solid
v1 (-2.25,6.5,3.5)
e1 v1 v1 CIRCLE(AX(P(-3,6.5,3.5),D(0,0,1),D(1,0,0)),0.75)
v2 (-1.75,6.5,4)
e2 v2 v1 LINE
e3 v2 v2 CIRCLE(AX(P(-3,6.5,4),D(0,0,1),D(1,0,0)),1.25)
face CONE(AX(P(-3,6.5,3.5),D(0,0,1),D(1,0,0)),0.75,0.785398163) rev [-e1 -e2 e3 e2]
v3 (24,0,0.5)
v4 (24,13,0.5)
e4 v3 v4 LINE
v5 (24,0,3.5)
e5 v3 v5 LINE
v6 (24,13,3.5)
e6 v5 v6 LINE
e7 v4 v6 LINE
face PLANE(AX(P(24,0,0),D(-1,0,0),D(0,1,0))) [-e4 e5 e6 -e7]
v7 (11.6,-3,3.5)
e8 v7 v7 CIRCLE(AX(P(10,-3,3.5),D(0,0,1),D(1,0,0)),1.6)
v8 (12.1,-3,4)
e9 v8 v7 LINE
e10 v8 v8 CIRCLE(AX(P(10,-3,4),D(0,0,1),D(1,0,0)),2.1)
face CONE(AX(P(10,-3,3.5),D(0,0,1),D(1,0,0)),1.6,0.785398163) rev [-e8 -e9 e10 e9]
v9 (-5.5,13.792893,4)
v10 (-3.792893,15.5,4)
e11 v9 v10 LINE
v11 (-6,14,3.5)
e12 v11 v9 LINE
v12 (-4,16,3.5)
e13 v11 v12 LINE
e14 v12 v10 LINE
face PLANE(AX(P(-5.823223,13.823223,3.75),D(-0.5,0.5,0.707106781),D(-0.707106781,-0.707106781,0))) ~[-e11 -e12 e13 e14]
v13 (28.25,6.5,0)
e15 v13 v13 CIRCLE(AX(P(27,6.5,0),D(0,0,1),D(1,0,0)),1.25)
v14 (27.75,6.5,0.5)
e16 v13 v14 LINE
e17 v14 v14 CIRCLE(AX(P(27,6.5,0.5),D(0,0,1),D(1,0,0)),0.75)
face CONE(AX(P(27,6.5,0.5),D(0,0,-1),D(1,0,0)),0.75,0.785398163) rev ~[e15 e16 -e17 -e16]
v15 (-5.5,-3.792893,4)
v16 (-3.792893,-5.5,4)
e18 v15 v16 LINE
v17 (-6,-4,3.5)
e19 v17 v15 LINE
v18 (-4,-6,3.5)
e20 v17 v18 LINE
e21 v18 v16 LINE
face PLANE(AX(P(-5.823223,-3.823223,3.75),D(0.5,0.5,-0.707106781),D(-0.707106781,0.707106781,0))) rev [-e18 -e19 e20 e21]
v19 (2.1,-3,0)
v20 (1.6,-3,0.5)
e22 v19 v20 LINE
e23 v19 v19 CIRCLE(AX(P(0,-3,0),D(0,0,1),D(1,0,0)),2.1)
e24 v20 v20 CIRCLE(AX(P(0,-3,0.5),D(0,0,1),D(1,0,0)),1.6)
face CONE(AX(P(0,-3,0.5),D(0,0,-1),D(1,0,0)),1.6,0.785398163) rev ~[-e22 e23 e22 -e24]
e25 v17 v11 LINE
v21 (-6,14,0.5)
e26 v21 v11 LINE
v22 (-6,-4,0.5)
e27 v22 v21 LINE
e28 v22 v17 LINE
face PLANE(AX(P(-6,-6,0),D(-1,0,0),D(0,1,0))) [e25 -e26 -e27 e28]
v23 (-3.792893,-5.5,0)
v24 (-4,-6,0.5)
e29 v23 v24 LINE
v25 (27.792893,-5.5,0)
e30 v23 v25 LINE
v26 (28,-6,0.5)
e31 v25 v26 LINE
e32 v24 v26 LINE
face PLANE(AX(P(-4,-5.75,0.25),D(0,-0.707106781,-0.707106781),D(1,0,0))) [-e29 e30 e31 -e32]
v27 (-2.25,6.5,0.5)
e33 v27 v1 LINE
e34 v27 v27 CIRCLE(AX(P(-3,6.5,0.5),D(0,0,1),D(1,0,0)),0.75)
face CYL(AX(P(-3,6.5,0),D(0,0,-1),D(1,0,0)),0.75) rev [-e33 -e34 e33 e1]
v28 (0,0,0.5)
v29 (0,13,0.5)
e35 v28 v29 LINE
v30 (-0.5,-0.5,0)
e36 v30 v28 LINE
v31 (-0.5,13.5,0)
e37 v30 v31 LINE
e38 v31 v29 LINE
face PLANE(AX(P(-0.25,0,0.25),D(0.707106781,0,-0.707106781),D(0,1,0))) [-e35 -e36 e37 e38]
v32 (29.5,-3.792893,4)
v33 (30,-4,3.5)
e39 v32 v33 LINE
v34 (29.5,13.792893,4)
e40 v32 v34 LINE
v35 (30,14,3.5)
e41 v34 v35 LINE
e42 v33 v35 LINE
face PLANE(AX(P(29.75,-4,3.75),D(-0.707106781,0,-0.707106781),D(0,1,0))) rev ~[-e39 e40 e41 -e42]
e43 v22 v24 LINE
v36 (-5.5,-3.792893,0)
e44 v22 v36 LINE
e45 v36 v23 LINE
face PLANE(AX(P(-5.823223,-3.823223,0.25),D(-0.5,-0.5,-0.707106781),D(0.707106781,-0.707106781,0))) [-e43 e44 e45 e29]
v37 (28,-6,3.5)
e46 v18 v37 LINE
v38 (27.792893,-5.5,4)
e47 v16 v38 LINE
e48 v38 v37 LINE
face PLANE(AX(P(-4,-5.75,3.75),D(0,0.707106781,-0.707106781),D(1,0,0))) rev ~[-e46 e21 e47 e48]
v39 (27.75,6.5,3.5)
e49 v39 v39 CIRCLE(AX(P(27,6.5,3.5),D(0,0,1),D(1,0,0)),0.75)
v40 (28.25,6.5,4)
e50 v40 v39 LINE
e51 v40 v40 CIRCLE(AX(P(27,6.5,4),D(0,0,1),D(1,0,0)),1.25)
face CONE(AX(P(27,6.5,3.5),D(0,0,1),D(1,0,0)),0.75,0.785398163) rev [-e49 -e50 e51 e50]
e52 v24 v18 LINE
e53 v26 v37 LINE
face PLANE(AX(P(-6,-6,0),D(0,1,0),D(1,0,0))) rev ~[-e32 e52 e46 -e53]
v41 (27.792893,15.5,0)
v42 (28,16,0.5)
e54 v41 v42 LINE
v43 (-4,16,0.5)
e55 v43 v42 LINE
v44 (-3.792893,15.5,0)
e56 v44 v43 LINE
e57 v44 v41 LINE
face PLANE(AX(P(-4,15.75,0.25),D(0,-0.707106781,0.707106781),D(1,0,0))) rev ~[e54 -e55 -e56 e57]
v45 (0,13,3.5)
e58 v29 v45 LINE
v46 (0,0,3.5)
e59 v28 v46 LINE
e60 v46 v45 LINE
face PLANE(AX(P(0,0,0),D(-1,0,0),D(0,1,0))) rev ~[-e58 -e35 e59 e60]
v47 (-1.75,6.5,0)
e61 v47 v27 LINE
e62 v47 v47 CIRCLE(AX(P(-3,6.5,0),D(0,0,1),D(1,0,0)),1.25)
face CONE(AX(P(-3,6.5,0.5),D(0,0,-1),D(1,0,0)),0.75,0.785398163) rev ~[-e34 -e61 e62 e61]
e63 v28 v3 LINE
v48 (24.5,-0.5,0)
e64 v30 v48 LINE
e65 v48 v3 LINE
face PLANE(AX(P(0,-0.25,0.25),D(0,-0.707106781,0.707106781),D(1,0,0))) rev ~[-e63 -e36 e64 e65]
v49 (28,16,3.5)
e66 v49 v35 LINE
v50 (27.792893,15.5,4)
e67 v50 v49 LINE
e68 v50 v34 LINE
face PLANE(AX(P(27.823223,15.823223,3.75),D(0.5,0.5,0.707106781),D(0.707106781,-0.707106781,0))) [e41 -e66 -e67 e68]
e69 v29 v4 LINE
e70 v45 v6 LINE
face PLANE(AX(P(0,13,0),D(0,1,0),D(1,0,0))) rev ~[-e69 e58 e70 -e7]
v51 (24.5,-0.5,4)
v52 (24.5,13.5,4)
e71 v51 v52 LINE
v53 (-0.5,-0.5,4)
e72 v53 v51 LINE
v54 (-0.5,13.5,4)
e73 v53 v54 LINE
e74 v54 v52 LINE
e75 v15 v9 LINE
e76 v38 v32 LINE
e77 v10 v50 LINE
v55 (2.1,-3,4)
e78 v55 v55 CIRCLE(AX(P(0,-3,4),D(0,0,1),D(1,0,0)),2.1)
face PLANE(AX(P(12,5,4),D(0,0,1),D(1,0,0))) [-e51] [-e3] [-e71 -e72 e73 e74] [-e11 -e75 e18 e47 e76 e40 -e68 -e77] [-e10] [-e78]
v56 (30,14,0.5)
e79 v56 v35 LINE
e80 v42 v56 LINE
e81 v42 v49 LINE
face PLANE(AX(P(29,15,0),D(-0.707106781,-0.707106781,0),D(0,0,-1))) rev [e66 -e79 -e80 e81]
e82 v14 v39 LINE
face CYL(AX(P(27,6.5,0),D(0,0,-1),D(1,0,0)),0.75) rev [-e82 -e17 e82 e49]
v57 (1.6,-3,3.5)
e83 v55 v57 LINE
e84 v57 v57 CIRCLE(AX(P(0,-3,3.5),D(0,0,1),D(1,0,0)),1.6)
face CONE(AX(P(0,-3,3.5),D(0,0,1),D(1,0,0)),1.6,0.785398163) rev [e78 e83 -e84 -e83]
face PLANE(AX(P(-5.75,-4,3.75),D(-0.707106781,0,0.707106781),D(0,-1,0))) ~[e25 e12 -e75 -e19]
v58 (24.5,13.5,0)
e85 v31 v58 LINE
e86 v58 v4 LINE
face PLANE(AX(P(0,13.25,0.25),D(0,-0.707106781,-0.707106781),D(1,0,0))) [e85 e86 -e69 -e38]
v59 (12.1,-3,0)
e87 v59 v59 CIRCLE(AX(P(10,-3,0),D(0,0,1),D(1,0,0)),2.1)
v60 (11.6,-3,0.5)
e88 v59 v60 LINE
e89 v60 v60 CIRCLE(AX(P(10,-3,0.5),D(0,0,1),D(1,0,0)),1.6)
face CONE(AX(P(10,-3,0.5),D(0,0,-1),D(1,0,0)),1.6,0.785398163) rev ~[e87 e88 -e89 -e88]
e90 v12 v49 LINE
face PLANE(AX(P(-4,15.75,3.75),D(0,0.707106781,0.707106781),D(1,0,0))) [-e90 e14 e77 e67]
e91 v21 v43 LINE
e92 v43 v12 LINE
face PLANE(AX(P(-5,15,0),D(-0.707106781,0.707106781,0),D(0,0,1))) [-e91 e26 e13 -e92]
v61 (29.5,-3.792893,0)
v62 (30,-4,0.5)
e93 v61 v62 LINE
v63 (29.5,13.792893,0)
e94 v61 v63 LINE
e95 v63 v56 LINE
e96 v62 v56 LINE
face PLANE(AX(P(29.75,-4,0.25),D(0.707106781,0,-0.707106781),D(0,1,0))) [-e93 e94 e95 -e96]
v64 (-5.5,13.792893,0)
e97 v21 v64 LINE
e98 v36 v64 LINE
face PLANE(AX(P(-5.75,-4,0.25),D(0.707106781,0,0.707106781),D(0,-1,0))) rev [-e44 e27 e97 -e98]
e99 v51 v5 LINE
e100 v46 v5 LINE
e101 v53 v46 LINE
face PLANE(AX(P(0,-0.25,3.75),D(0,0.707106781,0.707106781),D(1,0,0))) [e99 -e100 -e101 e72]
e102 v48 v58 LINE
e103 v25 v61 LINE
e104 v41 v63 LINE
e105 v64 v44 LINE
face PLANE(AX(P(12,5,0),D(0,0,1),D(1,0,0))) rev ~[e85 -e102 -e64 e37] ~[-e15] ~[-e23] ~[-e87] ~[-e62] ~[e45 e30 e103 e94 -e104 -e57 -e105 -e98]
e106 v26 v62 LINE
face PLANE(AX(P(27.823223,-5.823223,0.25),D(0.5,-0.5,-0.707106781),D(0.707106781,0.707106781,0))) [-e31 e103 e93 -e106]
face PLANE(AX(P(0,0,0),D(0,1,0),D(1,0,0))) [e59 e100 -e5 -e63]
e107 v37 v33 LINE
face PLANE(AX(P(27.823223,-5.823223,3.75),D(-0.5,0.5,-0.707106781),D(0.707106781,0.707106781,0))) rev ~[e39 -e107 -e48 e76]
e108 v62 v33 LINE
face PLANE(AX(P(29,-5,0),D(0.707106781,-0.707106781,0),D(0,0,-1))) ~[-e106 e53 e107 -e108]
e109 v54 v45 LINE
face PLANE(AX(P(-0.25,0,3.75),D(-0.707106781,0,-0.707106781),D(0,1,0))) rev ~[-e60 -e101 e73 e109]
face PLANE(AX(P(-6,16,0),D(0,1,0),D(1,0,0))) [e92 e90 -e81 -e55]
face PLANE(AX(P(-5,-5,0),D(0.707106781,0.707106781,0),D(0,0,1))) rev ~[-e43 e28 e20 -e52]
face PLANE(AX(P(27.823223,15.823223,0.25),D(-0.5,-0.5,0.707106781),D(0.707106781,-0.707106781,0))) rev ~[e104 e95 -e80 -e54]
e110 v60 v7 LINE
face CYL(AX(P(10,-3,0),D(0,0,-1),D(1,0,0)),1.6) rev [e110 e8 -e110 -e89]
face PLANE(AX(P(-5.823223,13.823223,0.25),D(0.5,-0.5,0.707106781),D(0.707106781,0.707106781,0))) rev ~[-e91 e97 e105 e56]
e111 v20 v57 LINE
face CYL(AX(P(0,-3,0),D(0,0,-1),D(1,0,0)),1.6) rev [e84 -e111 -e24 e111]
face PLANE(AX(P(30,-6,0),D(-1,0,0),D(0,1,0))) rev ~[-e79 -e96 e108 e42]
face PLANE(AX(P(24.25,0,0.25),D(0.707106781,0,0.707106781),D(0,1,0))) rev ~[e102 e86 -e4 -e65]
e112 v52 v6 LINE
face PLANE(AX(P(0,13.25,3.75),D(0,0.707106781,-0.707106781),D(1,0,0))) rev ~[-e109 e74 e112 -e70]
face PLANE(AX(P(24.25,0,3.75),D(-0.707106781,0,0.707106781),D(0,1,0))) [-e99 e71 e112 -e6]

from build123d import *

# Parameters (mm, degrees)
F0_W     = 36
F0_H     = 22
F0_R     = 1.6
F0_R_2   = 0.75
F0_W_2   = 24
F0_H_2   = 13
F1_DEPTH = 4
F2_SIZE  = 2
F3_SIZE  = 0.5


with BuildPart() as f1:
    # F0 (on Top) → F1 (new body)
    with BuildSketch(Plane.XY):
        with Locations((12, 5)):
            Rectangle(F0_W, F0_H)
        with Locations((0, -3)):
            Circle(F0_R, mode=Mode.SUBTRACT)
        with Locations((10, -3)):
            Circle(F0_R, mode=Mode.SUBTRACT)
        with Locations((-3, 6.5)):
            Circle(F0_R_2, mode=Mode.SUBTRACT)
        with Locations((12, 6.5)):
            Rectangle(F0_W_2, F0_H_2, mode=Mode.SUBTRACT)
        with Locations((27, 6.5)):
            Circle(F0_R_2, mode=Mode.SUBTRACT)
    extrude(amount=F1_DEPTH)

    # F2
    f2_edges = [f1.edges().sort_by_distance(p)[0] for p in [
        (-6, -6, 2),
        (30, -6, 2),
        (30, 16, 2),
        (-6, 16, 2),
    ]]
    chamfer(f2_edges, length=F2_SIZE)

    # F3
    f3_edges = [f1.edges().sort_by_distance(p)[0] for p in [
        (-6, 5, 0),
        (-5, 15, 0),
        (-5, -5, 0),
        (12, 16, 0),
        (12, -6, 0),
        (29, 15, 0),
        (29, -5, 0),
        (30, 5, 0),
        (-1.6, -3, 0),
        (8.4, -3, 0),
        (-3.75, 6.5, 0),
        (12, 0, 0),
        (0, 6.5, 0),
        (12, 13, 0),
        (24, 6.5, 0),
        (26.25, 6.5, 0),
        (-6, 5, 4),
        (-5, 15, 4),
        (-5, -5, 4),
        (12, 16, 4),
        (12, -6, 4),
        (29, 15, 4),
        (29, -5, 4),
        (30, 5, 4),
        (-1.6, -3, 4),
        (8.4, -3, 4),
        (-3.75, 6.5, 4),
        (12, 0, 4),
        (0, 6.5, 4),
        (12, 13, 4),
        (24, 6.5, 4),
        (26.25, 6.5, 4),
    ]]
    chamfer(f3_edges, length=F3_SIZE)


solid = f1.part
